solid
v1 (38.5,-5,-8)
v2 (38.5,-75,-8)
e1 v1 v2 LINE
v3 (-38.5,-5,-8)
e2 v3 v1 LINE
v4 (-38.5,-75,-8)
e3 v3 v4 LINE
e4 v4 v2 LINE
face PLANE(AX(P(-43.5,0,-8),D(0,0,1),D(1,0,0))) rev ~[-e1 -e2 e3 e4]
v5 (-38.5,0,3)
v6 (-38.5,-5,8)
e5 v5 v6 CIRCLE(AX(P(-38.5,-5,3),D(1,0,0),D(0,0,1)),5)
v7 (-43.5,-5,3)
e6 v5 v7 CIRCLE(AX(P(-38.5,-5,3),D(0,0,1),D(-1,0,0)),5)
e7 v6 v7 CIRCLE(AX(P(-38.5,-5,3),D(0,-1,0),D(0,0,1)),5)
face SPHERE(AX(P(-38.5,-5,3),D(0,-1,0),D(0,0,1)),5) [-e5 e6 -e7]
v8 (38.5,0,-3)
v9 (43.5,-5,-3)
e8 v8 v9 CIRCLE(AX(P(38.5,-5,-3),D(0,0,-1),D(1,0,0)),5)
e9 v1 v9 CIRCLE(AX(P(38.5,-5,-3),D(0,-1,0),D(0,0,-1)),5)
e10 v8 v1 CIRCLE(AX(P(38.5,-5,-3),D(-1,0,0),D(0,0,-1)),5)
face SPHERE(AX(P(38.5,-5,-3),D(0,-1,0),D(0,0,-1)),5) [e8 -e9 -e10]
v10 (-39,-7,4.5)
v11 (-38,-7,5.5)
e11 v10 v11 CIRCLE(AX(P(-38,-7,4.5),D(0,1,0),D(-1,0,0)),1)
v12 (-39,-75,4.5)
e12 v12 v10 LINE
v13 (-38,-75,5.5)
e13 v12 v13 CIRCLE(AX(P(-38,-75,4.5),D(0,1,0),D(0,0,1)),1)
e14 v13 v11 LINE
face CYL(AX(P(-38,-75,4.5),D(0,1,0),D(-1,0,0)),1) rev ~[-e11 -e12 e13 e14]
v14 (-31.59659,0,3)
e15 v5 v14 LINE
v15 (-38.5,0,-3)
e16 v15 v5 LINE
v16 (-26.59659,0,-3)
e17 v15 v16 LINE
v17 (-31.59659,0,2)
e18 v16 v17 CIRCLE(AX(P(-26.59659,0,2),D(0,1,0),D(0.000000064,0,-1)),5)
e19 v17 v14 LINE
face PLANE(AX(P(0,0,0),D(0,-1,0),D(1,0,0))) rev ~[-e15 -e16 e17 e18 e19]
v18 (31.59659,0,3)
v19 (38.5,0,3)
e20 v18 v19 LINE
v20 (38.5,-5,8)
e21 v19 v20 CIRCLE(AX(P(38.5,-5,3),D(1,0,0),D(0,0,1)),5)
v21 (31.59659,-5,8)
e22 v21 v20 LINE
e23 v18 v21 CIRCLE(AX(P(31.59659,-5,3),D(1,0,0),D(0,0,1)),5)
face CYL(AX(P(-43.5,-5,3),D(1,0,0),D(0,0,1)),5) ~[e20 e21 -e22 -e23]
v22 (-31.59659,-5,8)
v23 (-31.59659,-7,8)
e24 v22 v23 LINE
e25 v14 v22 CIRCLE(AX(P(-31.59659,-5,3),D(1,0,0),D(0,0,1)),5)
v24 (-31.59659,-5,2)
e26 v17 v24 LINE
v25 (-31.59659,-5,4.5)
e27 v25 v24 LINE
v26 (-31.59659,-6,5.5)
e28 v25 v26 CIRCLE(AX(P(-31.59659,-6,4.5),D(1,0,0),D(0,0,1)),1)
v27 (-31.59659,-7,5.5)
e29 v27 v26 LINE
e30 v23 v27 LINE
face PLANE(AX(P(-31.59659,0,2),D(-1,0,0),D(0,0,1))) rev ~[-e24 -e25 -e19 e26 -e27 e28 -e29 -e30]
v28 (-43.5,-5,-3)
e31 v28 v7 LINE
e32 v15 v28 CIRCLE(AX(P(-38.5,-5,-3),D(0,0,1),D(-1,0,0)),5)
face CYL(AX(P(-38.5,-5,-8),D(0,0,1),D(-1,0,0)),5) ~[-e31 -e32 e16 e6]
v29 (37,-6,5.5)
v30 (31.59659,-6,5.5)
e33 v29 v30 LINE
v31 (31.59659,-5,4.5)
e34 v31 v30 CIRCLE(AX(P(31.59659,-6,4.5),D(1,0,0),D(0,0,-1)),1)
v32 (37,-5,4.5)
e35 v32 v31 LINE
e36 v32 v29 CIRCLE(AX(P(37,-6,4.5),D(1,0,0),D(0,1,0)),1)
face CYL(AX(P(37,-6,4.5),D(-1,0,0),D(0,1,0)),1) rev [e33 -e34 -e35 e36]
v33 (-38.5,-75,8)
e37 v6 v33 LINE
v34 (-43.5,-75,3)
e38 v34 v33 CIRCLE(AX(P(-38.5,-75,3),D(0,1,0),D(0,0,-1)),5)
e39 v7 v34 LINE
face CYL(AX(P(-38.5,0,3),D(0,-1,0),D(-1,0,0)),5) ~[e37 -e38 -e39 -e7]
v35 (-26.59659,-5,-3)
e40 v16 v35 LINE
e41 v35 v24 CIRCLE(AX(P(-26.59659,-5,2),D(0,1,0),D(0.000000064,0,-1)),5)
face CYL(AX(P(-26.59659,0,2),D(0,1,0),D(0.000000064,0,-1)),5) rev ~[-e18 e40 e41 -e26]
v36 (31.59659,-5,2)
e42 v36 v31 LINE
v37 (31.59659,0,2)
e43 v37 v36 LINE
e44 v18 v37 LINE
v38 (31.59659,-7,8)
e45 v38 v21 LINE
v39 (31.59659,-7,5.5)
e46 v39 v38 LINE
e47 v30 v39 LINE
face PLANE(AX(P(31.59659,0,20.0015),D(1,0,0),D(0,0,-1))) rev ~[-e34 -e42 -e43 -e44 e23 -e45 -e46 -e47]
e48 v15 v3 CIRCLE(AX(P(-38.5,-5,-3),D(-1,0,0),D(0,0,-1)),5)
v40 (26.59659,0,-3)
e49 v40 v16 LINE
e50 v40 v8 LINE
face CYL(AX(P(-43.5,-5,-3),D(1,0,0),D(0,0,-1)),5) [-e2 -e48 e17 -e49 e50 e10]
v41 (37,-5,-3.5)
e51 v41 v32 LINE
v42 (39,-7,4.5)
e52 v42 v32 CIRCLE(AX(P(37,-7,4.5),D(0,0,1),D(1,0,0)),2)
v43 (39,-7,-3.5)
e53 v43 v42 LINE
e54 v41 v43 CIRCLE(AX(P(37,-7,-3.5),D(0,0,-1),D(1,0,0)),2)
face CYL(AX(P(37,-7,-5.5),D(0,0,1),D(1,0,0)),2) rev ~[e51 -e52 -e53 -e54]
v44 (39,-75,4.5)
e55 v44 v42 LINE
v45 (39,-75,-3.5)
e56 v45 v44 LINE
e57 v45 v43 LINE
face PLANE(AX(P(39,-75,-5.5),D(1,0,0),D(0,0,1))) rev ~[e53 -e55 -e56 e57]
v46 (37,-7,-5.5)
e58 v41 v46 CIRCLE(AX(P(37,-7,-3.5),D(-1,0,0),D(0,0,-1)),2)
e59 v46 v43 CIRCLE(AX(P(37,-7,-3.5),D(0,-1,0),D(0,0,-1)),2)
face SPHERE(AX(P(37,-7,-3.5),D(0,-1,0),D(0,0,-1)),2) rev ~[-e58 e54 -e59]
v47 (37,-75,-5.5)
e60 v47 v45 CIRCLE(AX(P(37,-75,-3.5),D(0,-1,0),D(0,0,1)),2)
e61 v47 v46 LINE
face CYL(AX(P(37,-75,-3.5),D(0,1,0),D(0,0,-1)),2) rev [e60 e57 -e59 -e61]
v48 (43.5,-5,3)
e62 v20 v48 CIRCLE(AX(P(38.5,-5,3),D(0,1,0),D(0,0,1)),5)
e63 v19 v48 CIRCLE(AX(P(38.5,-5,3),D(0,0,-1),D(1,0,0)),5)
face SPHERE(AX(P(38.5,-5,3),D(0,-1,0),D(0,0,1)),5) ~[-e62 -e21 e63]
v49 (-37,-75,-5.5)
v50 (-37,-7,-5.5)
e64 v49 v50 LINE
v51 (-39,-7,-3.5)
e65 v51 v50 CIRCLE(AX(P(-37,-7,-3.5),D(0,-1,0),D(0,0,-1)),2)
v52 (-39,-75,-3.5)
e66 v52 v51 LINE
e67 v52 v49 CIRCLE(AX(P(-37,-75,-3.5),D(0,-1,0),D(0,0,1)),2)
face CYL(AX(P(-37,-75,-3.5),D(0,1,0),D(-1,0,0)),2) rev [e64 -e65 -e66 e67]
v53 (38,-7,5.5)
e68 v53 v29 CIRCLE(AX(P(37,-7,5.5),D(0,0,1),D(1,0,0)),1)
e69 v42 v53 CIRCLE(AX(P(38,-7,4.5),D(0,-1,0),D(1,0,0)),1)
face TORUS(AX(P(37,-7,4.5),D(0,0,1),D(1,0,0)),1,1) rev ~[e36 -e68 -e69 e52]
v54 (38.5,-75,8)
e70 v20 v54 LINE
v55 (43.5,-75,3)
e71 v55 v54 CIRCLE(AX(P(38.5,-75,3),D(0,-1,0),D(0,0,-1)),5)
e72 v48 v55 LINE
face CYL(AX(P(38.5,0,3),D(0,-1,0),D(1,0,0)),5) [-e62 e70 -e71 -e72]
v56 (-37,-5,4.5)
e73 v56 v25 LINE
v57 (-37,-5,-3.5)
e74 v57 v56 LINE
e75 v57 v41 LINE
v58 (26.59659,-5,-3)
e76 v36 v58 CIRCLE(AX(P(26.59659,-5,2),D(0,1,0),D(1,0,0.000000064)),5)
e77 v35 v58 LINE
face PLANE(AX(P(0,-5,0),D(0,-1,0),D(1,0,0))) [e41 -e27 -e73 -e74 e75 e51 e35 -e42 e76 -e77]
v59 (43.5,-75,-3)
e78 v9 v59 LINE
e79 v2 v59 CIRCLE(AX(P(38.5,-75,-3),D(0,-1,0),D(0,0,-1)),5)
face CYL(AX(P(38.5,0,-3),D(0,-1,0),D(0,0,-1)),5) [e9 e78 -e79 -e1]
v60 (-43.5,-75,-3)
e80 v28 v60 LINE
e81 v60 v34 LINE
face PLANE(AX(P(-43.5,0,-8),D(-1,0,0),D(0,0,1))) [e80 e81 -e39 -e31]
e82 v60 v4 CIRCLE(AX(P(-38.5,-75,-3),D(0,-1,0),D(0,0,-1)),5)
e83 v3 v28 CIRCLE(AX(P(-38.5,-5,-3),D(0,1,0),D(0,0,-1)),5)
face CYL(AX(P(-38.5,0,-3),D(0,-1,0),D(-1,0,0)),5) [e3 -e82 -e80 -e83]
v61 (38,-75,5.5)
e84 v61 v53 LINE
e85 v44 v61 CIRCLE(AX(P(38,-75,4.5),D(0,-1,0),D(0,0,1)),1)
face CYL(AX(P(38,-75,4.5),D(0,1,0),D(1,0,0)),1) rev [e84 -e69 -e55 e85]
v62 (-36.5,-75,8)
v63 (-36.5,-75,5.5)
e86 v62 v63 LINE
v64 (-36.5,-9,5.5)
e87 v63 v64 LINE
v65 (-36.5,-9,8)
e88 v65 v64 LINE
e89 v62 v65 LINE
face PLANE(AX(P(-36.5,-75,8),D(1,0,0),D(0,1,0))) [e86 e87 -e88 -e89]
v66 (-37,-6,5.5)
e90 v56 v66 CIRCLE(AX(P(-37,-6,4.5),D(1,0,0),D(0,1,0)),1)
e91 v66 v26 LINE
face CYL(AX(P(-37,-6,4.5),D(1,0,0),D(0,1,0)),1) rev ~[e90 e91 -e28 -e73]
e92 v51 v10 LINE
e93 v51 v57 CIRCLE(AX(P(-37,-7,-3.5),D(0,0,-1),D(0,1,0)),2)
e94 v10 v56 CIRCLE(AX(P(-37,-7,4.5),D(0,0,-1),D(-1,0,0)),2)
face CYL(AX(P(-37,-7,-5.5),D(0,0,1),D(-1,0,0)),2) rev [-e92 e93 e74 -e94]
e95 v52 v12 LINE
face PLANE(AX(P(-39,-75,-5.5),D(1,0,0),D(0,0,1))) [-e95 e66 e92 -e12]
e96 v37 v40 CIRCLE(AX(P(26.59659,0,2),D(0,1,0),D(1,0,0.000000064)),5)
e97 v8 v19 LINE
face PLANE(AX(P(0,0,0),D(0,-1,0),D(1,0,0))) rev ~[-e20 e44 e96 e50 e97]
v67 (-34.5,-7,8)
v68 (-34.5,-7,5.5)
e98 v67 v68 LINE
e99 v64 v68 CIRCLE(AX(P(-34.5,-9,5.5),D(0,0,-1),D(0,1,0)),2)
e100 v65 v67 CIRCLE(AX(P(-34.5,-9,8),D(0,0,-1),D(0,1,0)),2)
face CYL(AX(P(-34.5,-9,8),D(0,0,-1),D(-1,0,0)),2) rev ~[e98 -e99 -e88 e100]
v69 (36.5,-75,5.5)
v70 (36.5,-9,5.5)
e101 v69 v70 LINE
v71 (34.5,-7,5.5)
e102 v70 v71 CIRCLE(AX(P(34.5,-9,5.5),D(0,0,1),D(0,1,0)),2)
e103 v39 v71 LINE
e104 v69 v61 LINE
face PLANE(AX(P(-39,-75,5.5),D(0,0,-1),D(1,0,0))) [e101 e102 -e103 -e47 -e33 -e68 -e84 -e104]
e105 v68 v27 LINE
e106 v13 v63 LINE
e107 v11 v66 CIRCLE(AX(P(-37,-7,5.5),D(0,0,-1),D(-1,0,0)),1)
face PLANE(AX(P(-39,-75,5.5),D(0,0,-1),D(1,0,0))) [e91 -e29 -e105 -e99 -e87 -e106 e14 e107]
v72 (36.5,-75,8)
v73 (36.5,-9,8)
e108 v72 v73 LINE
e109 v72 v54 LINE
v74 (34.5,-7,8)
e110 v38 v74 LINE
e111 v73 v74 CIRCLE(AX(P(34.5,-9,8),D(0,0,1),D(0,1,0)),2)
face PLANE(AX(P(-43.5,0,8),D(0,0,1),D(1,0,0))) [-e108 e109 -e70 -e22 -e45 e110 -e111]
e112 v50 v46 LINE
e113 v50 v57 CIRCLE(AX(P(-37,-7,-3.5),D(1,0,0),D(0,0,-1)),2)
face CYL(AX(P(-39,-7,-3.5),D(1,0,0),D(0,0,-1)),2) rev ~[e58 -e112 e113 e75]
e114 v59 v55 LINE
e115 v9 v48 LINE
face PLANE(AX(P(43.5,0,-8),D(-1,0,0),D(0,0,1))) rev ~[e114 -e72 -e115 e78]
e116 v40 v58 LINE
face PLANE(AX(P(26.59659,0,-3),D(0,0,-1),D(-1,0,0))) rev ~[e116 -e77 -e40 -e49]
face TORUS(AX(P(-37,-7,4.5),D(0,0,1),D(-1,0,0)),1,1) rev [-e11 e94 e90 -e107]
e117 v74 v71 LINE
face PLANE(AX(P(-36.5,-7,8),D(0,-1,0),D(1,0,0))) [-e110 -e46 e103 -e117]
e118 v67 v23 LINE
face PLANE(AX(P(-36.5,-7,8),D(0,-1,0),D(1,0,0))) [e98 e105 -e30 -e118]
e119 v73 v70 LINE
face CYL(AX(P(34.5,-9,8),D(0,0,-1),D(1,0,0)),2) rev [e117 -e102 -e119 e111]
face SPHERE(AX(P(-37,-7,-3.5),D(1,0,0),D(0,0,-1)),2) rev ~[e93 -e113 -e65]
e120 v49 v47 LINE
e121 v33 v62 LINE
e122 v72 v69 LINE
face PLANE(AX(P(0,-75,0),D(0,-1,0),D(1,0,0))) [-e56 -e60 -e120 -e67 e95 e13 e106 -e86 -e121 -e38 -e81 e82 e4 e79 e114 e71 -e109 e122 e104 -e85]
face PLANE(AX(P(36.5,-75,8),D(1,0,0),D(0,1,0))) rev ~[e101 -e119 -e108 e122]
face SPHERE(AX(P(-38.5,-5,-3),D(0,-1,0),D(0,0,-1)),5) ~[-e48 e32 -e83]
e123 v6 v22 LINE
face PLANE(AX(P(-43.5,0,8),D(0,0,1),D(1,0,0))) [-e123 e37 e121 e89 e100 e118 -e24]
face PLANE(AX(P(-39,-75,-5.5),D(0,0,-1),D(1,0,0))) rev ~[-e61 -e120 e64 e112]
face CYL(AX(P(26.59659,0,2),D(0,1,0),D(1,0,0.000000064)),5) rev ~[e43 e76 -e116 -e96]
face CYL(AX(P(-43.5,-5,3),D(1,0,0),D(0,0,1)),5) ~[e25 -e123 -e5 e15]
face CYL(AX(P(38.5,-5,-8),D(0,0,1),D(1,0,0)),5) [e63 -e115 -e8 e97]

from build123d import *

# Parameters (mm, degrees)
F0_W     = 87
F0_H     = 16
F1_DEPTH = 75
F2_R     = 5
F3_W     = 78
F3_H     = 11
F4_DEPTH = 70
F5_W     = 73
F5_H     = 68
F6_DEPTH = 2.5
F7_R     = 2
F8_W     = 63.19318
F8_H     = 17.0015
F9_DEPTH = 25
F10_R    = 1


with BuildPart() as f1:
    # F0 (on Front) → F1 (new body)
    with BuildSketch(Plane.XZ):
        Rectangle(F0_W, F0_H)
    extrude(amount=F1_DEPTH)

    # F2
    f2_edges = [f1.edges().sort_by_distance(p)[0] for p in [
        (-43.5, -37.5, 8),
        (43.5, -37.5, 8),
        (43.5, -37.5, -8),
        (-43.5, -37.5, -8),
        (0, 0, 8),
        (0, 0, -8),
        (-43.5, 0, 0),
        (43.5, 0, 0),
    ]]
    fillet(f2_edges, radius=F2_R)

    # F3 (on face) → F4 (cut)
    with BuildSketch(Plane.XZ.offset(75)):
        Rectangle(F3_W, F3_H)
    extrude(amount=-F4_DEPTH, mode=Mode.SUBTRACT)

    # F5 (on face) → F6 (cut, through all)
    with BuildSketch(Plane.XY.offset(8)):
        with Locations((0, -41)):
            Rectangle(F5_W, F5_H)
    extrude(amount=-F6_DEPTH, mode=Mode.SUBTRACT)

    # F7
    f7_edges = [f1.edges().sort_by_distance(p)[0] for p in [
        (36.5, -7, 6.75),
        (-36.5, -7, 6.75),
        (39, -40, -5.5),
        (0, -5, -5.5),
        (-39, -40, -5.5),
        (-39, -5, 0),
        (39, -5, 0),
    ]]
    fillet(f7_edges, radius=F7_R)

    # F8 (on face) → F9 (cut)
    with BuildSketch(Plane(origin=(0, 0, 0), x_dir=(-1, 0, 0), z_dir=(0, 1, 0))):
        with BuildLine():
            ThreePointArc((-31.59659, 2), (-30.132124, -1.535534), (-26.59659, -3))
            Line((-26.59659, -3), (26.59659, -3))
            ThreePointArc((26.59659, -3), (30.132124, -1.535534), (31.59659, 2))
            Line((31.59659, 2), (31.59659, 3))
            Line((31.59659, 3), (-31.59659, 3))
            Line((-31.59659, 3), (-31.59659, 2))
        make_face()
        with Locations((0, 11.50075)):
            Rectangle(F8_W, F8_H)
    extrude(amount=-F9_DEPTH, mode=Mode.SUBTRACT)

    # F10
    f10_edges = [f1.edges().sort_by_distance(p)[0] for p in [
        (39, -41, 5.5),
        (-39, -41, 5.5),
    ]]
    fillet(f10_edges, radius=F10_R)


solid = f1.part
